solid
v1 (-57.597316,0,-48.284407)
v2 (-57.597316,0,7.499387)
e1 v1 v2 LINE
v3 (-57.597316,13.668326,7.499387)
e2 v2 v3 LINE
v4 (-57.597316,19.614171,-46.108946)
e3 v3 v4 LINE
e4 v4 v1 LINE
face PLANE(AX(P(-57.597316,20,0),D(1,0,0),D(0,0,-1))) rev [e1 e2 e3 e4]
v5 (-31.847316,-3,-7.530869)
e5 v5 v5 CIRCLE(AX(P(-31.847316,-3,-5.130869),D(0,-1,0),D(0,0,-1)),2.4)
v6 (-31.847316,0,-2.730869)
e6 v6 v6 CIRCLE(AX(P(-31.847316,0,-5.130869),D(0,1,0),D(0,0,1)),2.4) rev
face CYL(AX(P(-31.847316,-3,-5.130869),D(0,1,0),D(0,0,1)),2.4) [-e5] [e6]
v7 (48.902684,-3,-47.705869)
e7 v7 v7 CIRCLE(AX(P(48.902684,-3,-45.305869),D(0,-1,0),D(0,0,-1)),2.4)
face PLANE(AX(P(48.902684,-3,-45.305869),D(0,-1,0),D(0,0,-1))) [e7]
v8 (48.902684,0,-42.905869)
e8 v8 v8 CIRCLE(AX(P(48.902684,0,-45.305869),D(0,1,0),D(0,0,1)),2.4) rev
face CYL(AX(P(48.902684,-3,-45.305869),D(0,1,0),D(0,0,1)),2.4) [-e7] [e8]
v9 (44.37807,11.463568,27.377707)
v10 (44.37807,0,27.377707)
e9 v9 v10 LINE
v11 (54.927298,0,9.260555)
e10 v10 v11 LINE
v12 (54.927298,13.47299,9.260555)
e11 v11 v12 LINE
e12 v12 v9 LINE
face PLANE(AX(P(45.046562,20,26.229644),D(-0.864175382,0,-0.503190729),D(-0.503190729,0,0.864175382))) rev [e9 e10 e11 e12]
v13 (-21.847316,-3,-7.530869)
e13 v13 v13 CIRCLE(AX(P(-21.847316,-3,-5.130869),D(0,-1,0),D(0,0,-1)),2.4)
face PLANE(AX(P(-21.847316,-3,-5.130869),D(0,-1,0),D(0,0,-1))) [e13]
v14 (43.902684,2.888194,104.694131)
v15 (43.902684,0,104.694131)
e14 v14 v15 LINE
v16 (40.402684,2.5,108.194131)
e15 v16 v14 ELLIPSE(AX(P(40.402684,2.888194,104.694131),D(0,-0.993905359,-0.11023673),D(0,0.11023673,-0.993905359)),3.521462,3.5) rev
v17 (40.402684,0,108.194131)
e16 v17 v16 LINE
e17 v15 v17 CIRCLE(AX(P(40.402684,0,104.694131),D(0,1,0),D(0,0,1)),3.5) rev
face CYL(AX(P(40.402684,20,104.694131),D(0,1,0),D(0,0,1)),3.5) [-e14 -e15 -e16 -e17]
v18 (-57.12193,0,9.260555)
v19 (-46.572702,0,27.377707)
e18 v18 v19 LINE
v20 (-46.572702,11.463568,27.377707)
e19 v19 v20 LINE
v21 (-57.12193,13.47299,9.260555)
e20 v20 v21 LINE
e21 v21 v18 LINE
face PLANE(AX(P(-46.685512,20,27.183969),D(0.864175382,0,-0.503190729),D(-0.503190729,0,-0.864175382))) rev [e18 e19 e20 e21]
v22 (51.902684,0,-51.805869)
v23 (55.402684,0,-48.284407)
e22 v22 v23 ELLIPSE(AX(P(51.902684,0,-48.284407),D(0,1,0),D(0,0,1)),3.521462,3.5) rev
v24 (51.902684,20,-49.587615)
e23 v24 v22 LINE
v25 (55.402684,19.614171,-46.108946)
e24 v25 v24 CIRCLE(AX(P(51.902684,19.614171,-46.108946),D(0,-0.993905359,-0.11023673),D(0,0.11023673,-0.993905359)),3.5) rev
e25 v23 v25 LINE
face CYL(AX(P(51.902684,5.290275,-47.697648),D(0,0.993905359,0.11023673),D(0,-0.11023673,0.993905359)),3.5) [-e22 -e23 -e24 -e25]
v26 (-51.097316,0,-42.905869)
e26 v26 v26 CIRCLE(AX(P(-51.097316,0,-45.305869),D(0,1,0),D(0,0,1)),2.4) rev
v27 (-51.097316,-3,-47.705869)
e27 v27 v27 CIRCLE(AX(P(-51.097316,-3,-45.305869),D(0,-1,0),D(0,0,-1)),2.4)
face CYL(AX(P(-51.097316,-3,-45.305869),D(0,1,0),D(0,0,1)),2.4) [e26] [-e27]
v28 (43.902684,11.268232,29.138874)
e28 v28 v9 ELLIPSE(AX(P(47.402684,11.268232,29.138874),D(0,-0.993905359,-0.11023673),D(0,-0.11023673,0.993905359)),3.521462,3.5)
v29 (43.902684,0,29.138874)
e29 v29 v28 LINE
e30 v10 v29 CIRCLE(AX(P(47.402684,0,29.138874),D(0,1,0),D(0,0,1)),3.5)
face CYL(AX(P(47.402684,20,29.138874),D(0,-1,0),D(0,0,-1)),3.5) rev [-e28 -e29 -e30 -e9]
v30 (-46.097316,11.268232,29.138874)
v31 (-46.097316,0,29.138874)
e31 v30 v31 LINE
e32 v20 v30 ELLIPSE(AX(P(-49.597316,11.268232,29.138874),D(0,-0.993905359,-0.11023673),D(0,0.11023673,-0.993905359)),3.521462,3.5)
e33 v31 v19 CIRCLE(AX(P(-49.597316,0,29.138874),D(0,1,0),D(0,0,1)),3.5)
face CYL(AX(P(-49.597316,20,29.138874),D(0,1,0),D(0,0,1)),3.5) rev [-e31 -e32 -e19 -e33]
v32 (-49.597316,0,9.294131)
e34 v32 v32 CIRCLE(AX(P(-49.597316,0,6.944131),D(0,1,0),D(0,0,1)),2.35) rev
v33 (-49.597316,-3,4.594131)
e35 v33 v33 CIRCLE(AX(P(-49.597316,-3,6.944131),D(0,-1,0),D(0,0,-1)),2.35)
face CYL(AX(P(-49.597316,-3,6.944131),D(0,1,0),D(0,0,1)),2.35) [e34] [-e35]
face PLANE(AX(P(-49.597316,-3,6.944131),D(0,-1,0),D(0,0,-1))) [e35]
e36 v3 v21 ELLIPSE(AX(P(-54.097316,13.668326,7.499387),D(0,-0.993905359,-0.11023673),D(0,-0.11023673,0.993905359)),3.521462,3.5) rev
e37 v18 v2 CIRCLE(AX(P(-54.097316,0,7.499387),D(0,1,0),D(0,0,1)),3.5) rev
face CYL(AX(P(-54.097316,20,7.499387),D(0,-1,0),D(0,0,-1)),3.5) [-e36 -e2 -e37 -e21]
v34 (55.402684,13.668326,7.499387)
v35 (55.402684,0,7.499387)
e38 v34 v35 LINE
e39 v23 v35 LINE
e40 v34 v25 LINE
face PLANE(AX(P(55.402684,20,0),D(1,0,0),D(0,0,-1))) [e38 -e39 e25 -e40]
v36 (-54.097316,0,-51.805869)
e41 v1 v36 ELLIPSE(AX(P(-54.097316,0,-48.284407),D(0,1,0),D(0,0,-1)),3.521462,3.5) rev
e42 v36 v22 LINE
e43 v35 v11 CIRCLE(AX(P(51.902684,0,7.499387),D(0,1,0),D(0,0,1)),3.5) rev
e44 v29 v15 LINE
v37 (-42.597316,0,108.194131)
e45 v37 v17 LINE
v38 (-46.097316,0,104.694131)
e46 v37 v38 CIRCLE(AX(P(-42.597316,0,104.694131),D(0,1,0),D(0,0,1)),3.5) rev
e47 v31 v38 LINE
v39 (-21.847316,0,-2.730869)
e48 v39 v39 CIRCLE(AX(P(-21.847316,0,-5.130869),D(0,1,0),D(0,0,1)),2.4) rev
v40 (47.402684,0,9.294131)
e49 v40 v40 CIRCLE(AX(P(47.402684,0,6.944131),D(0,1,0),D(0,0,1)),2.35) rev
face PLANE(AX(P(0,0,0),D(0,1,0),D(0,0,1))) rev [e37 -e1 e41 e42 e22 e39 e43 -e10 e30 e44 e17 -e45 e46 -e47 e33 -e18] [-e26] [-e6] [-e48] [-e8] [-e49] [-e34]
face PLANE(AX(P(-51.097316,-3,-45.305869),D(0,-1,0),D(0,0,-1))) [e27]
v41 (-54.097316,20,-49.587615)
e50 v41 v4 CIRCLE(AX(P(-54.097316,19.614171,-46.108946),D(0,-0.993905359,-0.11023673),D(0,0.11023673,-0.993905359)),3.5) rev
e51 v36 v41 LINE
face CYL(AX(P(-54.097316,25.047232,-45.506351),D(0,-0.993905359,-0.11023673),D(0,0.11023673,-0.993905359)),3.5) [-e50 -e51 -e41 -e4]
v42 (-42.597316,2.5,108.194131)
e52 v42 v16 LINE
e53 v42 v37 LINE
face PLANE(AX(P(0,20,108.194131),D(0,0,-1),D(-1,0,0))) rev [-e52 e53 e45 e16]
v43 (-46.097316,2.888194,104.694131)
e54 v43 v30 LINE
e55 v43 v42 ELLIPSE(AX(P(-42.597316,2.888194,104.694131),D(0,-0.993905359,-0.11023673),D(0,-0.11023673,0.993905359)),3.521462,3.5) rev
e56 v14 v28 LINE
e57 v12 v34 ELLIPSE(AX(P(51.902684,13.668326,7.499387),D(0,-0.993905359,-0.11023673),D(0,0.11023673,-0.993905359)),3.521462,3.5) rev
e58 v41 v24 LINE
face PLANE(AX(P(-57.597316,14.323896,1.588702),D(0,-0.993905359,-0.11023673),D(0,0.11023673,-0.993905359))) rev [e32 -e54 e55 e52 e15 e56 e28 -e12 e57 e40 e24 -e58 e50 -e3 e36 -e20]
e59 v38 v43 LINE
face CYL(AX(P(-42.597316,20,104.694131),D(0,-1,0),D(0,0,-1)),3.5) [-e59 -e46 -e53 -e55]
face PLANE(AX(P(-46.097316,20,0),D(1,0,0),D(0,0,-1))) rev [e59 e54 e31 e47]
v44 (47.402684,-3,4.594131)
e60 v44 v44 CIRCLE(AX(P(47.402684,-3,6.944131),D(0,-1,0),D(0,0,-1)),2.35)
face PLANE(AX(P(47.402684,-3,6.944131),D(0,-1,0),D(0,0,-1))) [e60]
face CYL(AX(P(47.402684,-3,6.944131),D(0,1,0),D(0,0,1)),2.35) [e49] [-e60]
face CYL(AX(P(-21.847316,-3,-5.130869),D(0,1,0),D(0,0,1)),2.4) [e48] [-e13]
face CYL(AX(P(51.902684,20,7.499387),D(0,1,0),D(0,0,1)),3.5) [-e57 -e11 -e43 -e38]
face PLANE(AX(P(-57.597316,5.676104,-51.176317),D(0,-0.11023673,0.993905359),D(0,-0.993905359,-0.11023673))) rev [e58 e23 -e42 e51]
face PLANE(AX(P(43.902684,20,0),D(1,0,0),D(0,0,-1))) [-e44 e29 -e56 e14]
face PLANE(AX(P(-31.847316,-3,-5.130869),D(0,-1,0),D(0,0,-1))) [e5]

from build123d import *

# Parameters (mm, degrees)
BOSS_EXTRUDE1_DEPTH = 20
SKETCH2_R           = 2.4
SKETCH2_R_2         = 2.35
BOSS_EXTRUDE2_DEPTH = 3
CUT_EXTRUDE1_DEPTH  = 158.718007744
FILLET1_R           = 3.5


with BuildPart() as part:
    # Sketch1 → Boss-Extrude1 (new body)
    with BuildSketch(Plane(origin=(0, 0, 0), x_dir=(1, 0, 0), z_dir=(0, 1, 0))):
        Polygon((-57.597316241, 51.805869074), (-57.597316241, -8.444130926), (-46.097316241, -28.194130926), (-46.097316241, -108.194130926), (43.902683759, -108.194130926), (43.902683759, -28.194130926), (55.402683759, -8.444130926), (55.402683759, 51.805869074), align=None)
    extrude(amount=BOSS_EXTRUDE1_DEPTH)

    # Sketch2 → Boss-Extrude2 (add)
    with BuildSketch(Plane.XZ):
        with Locations(Location((-51.097316241, -45.305869074, 0), (0, 0, 90))):
            Circle(SKETCH2_R)
        with Locations(Location((48.902683759, -45.305869074, 0), (0, 0, 90))):
            Circle(SKETCH2_R)
        with Locations(Location((-31.847316241, -5.130869074, 0), (0, 0, 90))):
            Circle(SKETCH2_R)
        with Locations(Location((-21.847316241, -5.130869074, 0), (0, 0, 90))):
            Circle(SKETCH2_R)
        with Locations(Location((47.402683759, 6.944130926, 0), (0, 0, 90))):
            Circle(SKETCH2_R_2)
        with Locations(Location((-49.597316241, 6.944130926, 0), (0, 0, 90))):
            Circle(SKETCH2_R_2)
    extrude(amount=BOSS_EXTRUDE2_DEPTH)

    # Sketch3 → Cut-Extrude1 (cut, through all)
    with BuildSketch(Plane(origin=(55.402683759, 0, 0), x_dir=(0, 0, -1), z_dir=(1, 0, 0))):
        Polygon((-108.194130926, 20), (-108.194130926, 2.5), (-8.444130926, 13.563542172), (-8.444130926, 20), align=None)
        Polygon((-8.444130926, 20), (-8.444130926, 13.563542172), (49.587615005, 20), align=None)
        Polygon((49.587615005, 20), (51.805869074, 0), (51.805869074, 20), align=None)
    extrude(amount=-CUT_EXTRUDE1_DEPTH, mode=Mode.SUBTRACT)

    # Fillet1
    fillet1_edges = [part.edges().sort_by_distance(p)[0] for p in [
        (-57.597316241, 10, -50.69674204),
        (55.402683759, 10, -50.69674204),
        (-46.097316241, 5.686508139, 28.194130926),
        (-57.597316241, 6.781771086, 8.444130926),
        (43.902683759, 5.686508139, 28.194130926),
        (43.902683759, 1.25, 108.194130926),
        (-46.097316241, 1.25, 108.194130926),
        (55.402683759, 6.781771086, 8.444130926),
    ]]
    fillet(fillet1_edges, radius=FILLET1_R)


solid = part.part
